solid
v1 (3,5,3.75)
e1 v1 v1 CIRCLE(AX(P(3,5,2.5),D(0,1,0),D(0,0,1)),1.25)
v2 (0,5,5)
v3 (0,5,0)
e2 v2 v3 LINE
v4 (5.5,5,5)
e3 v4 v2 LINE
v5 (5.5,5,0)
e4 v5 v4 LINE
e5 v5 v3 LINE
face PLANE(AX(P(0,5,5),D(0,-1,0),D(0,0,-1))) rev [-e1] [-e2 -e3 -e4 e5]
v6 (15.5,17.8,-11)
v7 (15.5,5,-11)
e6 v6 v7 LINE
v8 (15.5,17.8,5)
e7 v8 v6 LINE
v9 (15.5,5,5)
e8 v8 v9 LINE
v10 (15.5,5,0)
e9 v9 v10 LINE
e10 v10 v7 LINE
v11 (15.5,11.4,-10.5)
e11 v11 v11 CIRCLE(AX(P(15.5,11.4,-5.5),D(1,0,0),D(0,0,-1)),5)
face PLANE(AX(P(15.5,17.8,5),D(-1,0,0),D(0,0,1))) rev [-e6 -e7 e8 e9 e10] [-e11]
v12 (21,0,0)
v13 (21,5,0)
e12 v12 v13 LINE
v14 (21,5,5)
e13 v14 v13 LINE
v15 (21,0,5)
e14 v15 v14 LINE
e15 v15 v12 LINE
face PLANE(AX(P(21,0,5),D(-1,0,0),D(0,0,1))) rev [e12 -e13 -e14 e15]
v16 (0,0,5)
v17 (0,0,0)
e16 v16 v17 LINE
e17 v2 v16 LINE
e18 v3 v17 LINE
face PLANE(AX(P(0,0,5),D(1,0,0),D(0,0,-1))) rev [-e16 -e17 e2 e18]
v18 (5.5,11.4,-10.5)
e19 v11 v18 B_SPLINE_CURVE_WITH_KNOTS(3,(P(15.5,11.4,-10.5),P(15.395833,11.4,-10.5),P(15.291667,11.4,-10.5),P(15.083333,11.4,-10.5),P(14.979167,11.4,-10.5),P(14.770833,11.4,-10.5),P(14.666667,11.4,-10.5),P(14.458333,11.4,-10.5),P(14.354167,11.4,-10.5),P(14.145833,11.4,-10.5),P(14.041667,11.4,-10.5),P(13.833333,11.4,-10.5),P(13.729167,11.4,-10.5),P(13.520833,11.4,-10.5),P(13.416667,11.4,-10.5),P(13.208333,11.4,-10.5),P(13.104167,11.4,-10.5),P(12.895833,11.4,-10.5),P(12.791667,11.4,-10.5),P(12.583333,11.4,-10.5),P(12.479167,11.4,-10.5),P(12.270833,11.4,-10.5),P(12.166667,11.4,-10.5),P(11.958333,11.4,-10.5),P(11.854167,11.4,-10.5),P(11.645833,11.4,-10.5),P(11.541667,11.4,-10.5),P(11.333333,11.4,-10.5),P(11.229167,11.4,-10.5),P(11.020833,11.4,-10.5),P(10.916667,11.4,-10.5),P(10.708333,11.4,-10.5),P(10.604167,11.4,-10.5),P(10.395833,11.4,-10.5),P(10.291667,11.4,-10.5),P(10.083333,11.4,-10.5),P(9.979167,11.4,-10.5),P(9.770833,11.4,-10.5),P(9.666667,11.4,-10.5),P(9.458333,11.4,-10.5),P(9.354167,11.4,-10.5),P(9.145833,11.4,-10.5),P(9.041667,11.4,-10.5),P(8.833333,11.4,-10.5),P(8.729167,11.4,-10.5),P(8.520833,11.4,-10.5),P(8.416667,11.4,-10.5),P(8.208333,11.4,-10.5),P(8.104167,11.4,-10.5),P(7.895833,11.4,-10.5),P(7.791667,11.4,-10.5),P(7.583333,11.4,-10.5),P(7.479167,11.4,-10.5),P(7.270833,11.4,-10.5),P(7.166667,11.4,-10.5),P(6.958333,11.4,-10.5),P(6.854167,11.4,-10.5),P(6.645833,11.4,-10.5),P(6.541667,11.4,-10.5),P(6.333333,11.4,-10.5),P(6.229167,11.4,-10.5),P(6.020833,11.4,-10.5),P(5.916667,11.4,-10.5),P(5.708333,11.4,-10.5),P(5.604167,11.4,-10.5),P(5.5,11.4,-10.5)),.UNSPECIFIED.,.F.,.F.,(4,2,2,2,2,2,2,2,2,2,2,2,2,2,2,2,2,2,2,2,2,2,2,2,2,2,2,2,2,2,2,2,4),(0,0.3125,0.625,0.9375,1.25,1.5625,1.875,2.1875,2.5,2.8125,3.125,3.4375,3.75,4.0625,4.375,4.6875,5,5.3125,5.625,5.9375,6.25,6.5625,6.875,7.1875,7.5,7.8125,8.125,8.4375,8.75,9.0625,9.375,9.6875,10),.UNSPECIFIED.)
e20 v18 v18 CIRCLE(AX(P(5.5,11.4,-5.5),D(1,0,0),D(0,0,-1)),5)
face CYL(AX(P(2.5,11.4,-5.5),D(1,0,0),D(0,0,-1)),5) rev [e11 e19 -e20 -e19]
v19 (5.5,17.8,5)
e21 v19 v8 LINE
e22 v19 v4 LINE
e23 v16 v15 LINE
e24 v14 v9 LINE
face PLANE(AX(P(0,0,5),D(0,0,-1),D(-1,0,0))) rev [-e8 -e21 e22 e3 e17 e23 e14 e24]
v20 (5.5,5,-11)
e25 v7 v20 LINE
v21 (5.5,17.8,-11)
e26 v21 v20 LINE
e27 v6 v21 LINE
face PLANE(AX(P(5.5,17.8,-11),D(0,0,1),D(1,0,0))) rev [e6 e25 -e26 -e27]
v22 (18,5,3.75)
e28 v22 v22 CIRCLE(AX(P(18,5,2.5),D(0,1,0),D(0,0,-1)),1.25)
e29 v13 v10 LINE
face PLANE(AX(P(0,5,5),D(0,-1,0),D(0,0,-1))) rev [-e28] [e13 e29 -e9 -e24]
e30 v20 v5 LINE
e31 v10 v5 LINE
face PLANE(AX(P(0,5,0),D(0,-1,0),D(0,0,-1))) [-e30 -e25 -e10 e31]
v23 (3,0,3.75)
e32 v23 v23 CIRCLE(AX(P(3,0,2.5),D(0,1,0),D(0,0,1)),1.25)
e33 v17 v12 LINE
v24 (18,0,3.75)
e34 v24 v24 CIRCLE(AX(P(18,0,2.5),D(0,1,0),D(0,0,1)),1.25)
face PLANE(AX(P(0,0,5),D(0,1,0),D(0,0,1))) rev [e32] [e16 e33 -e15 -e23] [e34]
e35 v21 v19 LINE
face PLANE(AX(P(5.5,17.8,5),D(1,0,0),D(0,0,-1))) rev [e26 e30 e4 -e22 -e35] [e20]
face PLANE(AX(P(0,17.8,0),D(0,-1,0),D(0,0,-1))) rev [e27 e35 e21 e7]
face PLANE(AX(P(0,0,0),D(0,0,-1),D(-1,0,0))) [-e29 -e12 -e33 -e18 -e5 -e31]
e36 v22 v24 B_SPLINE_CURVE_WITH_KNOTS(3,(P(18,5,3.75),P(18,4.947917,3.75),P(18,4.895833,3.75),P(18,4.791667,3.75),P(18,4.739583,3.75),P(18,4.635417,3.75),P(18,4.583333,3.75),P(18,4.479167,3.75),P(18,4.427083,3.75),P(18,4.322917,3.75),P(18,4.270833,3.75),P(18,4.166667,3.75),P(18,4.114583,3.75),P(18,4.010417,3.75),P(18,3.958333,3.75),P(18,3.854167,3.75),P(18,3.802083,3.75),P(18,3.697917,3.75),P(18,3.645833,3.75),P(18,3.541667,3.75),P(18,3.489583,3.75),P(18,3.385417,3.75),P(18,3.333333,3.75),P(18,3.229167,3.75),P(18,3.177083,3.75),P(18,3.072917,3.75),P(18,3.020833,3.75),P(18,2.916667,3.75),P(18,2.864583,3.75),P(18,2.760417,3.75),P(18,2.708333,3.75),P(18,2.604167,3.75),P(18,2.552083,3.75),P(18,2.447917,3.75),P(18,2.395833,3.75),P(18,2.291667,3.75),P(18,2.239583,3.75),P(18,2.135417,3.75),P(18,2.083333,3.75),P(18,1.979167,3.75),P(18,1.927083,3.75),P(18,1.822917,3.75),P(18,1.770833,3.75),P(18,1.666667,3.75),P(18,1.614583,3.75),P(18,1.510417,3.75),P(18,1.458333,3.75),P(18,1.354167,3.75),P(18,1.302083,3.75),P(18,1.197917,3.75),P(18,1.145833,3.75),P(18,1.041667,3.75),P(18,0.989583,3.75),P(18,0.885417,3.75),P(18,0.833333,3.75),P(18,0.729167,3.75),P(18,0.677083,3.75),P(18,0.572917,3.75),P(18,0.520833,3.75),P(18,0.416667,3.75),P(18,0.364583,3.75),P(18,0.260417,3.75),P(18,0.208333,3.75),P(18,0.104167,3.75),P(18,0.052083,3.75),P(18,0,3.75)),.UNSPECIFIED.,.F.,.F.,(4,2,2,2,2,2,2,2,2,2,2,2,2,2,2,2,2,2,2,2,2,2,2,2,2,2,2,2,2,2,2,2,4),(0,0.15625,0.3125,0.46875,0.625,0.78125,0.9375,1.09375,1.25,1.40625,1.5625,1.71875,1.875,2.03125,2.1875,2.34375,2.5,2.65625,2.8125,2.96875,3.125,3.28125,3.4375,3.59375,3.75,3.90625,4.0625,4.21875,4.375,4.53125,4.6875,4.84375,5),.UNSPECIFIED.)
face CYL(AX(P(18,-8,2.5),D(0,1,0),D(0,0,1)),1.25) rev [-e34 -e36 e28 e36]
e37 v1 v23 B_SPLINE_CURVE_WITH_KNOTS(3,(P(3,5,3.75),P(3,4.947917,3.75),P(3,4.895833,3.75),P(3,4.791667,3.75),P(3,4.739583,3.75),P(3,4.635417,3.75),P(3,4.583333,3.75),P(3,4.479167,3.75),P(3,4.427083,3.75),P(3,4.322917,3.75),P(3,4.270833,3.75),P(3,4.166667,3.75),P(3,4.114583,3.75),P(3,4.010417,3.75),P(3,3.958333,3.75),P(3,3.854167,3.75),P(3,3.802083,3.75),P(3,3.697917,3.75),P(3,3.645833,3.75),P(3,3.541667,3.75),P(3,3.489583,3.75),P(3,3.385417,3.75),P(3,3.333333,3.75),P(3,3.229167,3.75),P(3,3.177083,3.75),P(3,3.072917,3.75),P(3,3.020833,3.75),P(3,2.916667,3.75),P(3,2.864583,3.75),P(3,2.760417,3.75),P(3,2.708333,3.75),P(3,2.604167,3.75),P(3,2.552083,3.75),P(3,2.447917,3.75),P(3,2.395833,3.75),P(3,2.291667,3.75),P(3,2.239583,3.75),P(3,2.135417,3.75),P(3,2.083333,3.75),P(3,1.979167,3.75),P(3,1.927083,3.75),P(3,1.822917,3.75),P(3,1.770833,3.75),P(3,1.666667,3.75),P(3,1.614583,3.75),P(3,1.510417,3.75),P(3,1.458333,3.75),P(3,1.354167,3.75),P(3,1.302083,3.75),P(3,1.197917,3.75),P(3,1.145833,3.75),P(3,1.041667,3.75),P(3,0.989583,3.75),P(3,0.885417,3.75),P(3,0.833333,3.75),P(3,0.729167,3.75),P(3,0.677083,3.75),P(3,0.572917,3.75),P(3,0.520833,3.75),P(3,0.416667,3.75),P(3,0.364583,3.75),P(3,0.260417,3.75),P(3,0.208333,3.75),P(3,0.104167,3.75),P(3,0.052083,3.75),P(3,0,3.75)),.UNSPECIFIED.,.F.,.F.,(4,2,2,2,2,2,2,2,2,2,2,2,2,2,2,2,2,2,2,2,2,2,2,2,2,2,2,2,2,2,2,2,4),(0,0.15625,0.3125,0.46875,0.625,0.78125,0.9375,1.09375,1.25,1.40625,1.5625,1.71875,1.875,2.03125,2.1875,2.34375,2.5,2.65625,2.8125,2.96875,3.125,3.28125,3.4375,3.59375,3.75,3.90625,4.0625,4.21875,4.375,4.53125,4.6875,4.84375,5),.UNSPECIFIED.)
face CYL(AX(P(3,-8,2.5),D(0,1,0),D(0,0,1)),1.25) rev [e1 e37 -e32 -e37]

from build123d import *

# Parameters (mm, degrees)
SKETCH1_W           = 21
SKETCH1_H           = 5
BOSS_EXTRUDE1_DEPTH = 5
SKETCH2_W           = 10
SKETCH2_H           = 16
BOSS_EXTRUDE2_DEPTH = 12.8
SKETCH3_R           = 1.25
CUT_EXTRUDE1_DEPTH  = 13
SKETCH4_R           = 5
CUT_EXTRUDE2_DEPTH  = 13


with BuildPart() as part:
    # Sketch1 → Boss-Extrude1 (new body)
    with BuildSketch(Plane.XY):
        with Locations((10.5, 2.5)):
            Rectangle(SKETCH1_W, SKETCH1_H)
    extrude(amount=BOSS_EXTRUDE1_DEPTH)

    # Sketch2 → Boss-Extrude2 (add)
    with BuildSketch(Plane(origin=(0, 5, 0), x_dir=(1, 0, 0), z_dir=(0, 1, 0))):
        with Locations((10.5, 3)):
            Rectangle(SKETCH2_W, SKETCH2_H)
    extrude(amount=BOSS_EXTRUDE2_DEPTH)

    # Sketch3 → Cut-Extrude1 (cut)
    with BuildSketch(Plane(origin=(0, 5, 0), x_dir=(1, 0, 0), z_dir=(0, 1, 0))):
        with Locations(Location((3, -2.5, 0), (0, 0, 270))):
            Circle(SKETCH3_R)
        with Locations(Location((18, -2.5, 0), (0, 0, 270))):
            Circle(SKETCH3_R)
    extrude(amount=-CUT_EXTRUDE1_DEPTH, mode=Mode.SUBTRACT)

    # Sketch4 → Cut-Extrude2 (cut)
    with BuildSketch(Plane(origin=(15.5, 0, 0), x_dir=(0, 0, -1), z_dir=(1, 0, 0))):
        with Locations((5.5, 11.4)):
            Circle(SKETCH4_R)
    extrude(amount=-CUT_EXTRUDE2_DEPTH, mode=Mode.SUBTRACT)


solid = part.part
